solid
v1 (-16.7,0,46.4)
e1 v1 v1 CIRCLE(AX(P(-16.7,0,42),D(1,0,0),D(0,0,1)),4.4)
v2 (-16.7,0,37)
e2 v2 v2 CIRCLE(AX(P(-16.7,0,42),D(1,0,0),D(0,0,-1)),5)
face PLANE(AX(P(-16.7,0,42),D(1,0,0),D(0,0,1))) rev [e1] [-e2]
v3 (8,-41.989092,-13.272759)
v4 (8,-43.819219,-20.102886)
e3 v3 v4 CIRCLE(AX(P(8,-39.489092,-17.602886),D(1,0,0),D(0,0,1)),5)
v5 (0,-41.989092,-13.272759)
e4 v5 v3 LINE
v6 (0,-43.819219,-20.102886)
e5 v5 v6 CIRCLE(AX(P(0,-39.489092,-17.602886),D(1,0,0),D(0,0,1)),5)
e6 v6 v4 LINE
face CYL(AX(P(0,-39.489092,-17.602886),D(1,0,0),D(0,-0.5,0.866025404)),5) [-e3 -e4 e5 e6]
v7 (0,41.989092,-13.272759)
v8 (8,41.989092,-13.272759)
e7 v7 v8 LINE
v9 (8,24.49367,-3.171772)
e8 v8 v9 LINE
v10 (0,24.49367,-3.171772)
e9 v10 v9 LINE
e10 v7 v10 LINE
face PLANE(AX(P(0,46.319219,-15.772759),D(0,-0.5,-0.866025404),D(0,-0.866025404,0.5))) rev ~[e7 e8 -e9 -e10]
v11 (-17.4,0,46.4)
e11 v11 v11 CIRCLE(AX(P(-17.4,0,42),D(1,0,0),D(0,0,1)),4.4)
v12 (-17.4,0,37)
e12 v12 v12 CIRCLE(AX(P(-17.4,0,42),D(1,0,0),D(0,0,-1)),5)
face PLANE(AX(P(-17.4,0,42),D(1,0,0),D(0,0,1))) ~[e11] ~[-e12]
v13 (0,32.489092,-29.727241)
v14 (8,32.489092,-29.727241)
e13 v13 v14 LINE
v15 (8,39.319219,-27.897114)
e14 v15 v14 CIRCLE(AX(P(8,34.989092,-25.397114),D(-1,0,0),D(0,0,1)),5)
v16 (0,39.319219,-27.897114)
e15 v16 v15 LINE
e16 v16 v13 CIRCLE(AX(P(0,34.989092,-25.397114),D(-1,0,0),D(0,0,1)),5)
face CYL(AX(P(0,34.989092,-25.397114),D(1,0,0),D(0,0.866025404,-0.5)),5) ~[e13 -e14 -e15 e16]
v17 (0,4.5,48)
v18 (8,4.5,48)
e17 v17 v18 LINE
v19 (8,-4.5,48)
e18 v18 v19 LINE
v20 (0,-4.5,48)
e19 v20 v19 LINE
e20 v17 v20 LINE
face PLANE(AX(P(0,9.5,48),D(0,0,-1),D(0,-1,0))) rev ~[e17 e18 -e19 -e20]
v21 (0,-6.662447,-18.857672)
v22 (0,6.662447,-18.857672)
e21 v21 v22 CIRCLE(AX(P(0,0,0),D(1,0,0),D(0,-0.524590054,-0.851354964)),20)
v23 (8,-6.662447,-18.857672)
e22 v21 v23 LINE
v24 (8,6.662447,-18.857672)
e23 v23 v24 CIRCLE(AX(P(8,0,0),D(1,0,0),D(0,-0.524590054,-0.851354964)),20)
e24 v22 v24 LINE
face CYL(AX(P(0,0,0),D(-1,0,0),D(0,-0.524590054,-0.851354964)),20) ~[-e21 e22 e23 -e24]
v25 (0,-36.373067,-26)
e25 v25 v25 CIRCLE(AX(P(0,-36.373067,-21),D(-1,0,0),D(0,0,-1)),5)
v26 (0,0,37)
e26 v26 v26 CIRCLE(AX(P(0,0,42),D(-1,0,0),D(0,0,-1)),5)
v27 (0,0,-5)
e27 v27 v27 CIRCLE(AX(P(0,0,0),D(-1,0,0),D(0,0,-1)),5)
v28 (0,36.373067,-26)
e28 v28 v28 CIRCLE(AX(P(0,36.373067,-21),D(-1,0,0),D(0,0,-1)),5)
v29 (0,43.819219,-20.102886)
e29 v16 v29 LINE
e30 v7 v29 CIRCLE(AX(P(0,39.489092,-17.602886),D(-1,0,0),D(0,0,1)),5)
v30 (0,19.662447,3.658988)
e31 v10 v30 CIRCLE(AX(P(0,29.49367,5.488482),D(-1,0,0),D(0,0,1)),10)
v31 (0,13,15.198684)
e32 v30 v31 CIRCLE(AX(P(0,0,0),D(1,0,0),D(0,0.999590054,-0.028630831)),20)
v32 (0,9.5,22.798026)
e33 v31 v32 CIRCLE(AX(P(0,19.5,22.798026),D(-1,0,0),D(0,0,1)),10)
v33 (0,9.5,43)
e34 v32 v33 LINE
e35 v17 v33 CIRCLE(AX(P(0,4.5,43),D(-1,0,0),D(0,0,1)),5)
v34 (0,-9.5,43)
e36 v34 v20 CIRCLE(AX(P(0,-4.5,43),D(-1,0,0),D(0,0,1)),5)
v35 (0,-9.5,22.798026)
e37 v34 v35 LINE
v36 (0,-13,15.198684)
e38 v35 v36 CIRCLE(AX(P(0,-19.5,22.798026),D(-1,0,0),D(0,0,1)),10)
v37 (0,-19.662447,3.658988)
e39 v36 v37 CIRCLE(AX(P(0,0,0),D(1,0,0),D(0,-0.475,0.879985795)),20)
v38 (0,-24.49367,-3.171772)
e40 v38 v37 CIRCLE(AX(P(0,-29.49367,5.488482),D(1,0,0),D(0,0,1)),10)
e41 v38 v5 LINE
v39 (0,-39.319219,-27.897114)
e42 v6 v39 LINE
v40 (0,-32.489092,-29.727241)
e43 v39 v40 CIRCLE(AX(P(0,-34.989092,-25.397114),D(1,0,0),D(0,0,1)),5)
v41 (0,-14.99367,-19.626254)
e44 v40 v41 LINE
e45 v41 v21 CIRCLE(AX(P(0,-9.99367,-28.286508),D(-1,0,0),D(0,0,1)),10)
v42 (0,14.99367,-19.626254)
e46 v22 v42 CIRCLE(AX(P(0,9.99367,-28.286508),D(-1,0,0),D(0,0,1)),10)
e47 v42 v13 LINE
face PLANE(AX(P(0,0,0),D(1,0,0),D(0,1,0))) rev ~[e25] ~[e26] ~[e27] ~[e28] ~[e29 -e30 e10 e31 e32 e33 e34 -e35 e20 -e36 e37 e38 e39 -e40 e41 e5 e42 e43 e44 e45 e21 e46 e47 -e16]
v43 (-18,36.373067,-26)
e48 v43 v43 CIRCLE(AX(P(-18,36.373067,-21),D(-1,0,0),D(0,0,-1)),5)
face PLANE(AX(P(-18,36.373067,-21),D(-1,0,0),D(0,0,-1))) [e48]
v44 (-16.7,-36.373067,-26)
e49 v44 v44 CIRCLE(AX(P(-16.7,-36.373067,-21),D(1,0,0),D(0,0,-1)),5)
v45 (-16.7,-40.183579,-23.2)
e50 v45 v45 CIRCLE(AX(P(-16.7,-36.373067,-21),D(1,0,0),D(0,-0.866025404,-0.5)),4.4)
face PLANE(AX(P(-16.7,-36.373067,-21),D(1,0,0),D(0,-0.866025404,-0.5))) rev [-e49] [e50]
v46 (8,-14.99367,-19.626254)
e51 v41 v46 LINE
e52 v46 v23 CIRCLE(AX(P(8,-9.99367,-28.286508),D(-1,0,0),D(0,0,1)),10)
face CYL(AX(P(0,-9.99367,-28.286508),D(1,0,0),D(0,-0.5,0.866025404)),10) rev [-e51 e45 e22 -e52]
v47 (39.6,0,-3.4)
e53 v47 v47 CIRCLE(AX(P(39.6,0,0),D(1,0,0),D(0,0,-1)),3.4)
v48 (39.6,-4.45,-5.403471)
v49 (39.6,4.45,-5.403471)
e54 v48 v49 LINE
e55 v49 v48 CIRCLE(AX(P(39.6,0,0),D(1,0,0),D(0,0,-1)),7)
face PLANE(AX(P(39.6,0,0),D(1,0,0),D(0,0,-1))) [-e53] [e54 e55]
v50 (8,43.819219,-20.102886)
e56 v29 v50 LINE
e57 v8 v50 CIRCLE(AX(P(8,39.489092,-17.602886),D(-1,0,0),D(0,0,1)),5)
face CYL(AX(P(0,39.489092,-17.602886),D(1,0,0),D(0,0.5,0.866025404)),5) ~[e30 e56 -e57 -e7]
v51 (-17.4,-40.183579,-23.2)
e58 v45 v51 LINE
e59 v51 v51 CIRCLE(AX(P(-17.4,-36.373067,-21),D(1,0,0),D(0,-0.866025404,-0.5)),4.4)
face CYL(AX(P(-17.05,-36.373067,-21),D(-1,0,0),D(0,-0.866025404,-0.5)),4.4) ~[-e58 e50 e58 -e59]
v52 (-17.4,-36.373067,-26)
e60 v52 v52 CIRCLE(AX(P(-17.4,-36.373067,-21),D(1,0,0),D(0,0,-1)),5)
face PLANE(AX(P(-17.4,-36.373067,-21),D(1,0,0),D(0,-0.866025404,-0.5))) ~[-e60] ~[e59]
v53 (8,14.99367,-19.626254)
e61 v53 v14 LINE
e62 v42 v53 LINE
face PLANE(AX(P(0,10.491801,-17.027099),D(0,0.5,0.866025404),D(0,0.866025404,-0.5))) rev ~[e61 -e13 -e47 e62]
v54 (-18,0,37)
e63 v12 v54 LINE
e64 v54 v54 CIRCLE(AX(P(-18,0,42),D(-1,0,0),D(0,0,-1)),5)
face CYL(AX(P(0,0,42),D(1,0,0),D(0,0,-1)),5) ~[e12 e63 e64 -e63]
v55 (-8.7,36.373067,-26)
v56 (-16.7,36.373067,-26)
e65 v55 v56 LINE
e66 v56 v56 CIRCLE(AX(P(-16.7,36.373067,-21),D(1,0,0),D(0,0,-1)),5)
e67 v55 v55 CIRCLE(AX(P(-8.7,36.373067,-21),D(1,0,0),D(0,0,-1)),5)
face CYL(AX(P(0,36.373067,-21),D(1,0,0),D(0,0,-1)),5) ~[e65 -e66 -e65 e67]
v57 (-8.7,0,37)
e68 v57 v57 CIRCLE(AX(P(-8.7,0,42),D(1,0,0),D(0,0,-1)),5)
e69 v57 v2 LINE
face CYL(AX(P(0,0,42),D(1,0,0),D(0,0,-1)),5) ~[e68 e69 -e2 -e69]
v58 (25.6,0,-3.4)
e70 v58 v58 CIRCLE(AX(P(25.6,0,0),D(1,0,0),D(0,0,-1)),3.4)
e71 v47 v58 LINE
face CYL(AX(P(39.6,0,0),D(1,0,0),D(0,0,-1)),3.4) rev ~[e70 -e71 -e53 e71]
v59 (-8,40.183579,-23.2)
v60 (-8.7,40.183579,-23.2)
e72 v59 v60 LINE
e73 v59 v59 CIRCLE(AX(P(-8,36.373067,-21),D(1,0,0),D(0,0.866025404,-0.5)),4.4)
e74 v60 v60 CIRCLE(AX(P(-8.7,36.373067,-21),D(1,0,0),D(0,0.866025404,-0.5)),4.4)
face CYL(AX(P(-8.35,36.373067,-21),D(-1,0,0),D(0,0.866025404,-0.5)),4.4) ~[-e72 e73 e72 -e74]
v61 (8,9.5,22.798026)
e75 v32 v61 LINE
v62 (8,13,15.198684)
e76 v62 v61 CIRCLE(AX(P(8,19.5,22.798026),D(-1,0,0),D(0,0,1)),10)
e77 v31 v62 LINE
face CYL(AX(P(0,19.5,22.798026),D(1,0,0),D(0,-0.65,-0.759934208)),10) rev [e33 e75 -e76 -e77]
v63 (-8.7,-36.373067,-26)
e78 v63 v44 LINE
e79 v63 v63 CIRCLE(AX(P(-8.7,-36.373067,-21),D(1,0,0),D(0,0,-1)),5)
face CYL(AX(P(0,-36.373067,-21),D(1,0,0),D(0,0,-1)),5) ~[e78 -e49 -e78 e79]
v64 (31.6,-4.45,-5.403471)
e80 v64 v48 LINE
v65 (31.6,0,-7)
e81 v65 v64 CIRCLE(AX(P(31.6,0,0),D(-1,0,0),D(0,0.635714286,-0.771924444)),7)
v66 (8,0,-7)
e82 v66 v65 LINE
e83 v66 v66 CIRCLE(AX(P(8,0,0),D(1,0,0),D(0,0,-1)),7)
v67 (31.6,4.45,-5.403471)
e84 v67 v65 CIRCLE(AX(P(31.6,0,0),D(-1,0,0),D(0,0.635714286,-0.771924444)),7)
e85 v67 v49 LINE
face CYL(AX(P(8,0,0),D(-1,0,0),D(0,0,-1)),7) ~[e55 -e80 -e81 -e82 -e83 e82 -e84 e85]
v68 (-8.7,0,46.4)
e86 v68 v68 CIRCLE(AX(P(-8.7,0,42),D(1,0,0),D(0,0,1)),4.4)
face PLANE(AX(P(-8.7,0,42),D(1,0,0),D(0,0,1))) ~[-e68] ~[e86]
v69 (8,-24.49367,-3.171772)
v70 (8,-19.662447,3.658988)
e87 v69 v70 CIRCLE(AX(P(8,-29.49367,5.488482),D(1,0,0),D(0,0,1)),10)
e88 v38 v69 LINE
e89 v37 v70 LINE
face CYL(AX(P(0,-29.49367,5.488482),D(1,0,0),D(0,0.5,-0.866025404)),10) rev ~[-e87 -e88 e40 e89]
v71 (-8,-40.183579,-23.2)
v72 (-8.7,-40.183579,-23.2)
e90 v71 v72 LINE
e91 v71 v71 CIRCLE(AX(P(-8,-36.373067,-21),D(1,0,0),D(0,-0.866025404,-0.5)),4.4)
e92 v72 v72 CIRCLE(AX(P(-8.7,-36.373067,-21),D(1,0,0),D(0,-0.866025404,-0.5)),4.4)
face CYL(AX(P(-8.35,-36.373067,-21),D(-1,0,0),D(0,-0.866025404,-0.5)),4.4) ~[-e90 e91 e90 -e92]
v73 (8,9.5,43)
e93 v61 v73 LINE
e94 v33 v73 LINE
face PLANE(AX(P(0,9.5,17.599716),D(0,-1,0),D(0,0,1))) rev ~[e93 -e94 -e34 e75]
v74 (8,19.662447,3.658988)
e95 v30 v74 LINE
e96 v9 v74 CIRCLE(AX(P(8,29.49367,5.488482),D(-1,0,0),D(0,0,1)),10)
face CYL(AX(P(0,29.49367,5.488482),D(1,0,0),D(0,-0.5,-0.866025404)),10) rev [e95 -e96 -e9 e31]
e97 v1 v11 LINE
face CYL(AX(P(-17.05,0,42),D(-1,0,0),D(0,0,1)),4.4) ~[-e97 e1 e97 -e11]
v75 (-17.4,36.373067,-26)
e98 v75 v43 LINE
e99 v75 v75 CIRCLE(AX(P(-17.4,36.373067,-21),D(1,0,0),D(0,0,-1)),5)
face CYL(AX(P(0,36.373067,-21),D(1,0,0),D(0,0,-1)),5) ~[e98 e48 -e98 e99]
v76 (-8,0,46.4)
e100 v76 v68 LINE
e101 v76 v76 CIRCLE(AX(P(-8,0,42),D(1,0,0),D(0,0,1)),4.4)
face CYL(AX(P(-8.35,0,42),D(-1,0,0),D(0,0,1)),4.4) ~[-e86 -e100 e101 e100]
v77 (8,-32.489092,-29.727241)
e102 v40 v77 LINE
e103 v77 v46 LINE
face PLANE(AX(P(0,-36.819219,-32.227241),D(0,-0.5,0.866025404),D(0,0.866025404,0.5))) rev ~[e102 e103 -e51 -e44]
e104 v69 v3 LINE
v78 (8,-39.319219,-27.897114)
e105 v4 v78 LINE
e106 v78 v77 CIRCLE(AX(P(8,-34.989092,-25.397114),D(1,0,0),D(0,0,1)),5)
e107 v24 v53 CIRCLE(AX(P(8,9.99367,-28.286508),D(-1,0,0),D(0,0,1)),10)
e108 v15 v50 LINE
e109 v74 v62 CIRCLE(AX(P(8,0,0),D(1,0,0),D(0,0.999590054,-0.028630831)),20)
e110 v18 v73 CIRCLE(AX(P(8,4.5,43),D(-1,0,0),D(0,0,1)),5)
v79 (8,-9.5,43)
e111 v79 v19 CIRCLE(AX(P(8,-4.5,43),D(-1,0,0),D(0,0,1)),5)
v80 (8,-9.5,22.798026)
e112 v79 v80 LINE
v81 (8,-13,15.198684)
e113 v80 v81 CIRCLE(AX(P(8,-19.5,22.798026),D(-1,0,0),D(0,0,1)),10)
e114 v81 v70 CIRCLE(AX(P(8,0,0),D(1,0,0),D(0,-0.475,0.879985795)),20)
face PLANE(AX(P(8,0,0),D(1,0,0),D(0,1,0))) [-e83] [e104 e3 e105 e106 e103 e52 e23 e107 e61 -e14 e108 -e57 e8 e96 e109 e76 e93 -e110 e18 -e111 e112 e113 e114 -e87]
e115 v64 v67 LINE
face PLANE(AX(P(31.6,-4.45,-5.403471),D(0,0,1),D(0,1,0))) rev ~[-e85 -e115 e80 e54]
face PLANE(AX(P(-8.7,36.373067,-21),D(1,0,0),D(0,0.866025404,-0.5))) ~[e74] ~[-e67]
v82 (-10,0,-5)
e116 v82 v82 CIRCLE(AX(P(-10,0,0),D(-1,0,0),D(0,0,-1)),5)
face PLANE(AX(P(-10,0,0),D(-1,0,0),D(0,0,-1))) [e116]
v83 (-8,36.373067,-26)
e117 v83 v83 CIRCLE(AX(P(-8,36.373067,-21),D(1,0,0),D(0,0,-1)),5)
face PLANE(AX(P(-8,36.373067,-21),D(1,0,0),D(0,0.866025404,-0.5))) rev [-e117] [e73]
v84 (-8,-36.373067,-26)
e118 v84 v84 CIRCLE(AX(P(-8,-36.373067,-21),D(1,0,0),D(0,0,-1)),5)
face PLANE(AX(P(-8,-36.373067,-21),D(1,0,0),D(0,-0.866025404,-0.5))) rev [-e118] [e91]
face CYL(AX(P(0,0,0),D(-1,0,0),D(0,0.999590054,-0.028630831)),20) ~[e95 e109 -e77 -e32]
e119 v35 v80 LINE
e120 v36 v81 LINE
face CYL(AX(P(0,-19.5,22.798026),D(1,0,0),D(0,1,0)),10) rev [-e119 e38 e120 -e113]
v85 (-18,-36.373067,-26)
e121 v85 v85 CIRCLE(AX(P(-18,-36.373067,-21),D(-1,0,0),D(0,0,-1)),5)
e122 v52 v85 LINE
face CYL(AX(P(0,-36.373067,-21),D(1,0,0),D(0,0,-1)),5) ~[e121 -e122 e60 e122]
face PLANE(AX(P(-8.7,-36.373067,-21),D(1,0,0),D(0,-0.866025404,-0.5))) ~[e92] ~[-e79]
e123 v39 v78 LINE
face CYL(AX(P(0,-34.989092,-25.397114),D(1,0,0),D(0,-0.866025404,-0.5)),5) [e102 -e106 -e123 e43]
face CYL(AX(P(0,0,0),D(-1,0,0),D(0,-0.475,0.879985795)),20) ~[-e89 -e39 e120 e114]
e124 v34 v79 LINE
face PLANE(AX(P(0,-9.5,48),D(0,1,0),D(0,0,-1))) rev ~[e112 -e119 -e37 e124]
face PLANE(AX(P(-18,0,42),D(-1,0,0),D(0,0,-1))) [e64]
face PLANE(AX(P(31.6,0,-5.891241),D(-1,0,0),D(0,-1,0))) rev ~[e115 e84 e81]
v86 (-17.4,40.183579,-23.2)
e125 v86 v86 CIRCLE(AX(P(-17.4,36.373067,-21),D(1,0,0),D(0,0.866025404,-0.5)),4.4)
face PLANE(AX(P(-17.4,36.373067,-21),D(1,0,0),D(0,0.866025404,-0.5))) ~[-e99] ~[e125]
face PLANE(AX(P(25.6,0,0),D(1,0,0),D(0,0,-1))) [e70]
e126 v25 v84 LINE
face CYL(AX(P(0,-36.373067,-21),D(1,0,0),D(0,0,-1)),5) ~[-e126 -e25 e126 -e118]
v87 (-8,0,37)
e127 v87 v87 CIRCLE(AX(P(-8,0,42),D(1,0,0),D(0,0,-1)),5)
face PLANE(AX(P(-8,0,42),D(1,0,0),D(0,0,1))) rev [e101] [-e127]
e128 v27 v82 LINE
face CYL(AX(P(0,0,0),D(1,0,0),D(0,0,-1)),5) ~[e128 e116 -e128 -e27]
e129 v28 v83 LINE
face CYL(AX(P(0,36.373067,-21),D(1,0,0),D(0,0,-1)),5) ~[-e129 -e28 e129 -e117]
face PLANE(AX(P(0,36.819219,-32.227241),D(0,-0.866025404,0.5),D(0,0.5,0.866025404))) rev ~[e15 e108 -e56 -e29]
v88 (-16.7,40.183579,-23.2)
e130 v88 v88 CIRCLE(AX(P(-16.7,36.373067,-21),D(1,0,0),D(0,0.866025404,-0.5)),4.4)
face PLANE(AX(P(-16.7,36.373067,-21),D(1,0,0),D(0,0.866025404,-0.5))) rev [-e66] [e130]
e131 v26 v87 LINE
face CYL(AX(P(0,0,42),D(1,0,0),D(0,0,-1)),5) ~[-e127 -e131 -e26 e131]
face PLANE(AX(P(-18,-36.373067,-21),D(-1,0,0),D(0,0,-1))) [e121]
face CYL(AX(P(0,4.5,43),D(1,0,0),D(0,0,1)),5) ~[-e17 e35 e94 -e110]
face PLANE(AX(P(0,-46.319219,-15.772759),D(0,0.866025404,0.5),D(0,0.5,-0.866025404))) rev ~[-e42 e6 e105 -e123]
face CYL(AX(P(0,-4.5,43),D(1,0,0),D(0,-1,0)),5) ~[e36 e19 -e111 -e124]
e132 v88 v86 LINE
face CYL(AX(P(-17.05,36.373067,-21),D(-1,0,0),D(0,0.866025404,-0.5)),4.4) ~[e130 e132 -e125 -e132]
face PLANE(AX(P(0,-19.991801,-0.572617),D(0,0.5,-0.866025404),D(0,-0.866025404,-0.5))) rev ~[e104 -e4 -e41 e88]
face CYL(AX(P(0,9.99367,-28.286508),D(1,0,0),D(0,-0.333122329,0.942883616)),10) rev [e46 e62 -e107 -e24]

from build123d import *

# Parameters (mm, degrees)
BOSS_EXTRUDE2_DEPTH = 8
FILLET1_R           = 10
FILLET3_R           = 5
FILLET4_R           = 5
SKETCH3_R           = 5
BOSS_EXTRUDE3_DEPTH = 10
SKETCH2_R           = 5
BOSS_EXTRUDE4_DEPTH = 18
SKETCH4_R           = 7
BOSS_EXTRUDE5_DEPTH = 31.6
CUT_EXTRUDE1_START  = -8
CUT_EXTRUDE1_DEPTH  = 8
SKETCH7_W           = 0.7
SKETCH7_H           = 1.2
CIRPATTERN1_COUNT   = 3
SKETCH8_R           = 3.4
CUT_EXTRUDE2_DEPTH  = 14


with BuildPart() as part:
    # Sketch1 → Boss-Extrude2 (new body)
    with BuildSketch(Plane.YZ):
        with BuildLine():
            Line((-19.991801075, -0.572616617), (-46.319219382, -15.772758664))
            Line((-46.319219382, -15.772758664), (-36.819219382, -32.227241336))
            Line((-36.819219382, -32.227241336), (-10.491801075, -17.027099289))
            ThreePointArc((-10.491801075, -17.027099289), (0, -20), (10.491801075, -17.027099289))
            Line((10.491801075, -17.027099289), (36.819219382, -32.227241336))
            Line((36.819219382, -32.227241336), (46.319219382, -15.772758664))
            Line((46.319219382, -15.772758664), (19.991801075, -0.572616617))
            ThreePointArc((19.991801075, -0.572616617), (17.320508076, 10), (9.5, 17.599715907))
            Line((9.5, 17.599715907), (9.5, 48))
            Line((9.5, 48), (-9.5, 48))
            Line((-9.5, 48), (-9.5, 17.599715907))
            ThreePointArc((-9.5, 17.599715907), (-17.320508076, 10), (-19.991801075, -0.572616617))
        make_face()
    extrude(amount=BOSS_EXTRUDE2_DEPTH)

    # Fillet1
    fillet1_edges = [part.edges().sort_by_distance(p)[0] for p in [
        (4, 9.5, 17.599715907),
        (4, 19.991801075, -0.572616617),
        (4, 10.491801075, -17.027099289),
        (4, -10.491801075, -17.027099289),
        (4, -19.991801075, -0.572616617),
        (4, -9.5, 17.599715907),
    ]]
    fillet(fillet1_edges, radius=FILLET1_R)

    # Fillet3
    fillet3_edges = [part.edges().sort_by_distance(p)[0] for p in [
        (4, -9.5, 48),
        (4, 9.5, 48),
    ]]
    fillet(fillet3_edges, radius=FILLET3_R)

    # Fillet4
    fillet4_edges = [part.edges().sort_by_distance(p)[0] for p in [
        (4, 46.319219382, -15.772758664),
        (4, 36.819219382, -32.227241336),
        (4, -36.819219382, -32.227241336),
        (4, -46.319219382, -15.772758664),
    ]]
    fillet(fillet4_edges, radius=FILLET4_R)

    # Sketch3 → Boss-Extrude3 (add)
    with BuildSketch(Plane(origin=(0, 0, 0), x_dir=(0, -1, 0), z_dir=(-1, 0, 0))):
        with Locations(Location((0, 0, 0), (0, 0, 270))):
            Circle(SKETCH3_R)
    extrude(amount=BOSS_EXTRUDE3_DEPTH)

    # Sketch2 → Boss-Extrude4 (add)
    with BuildSketch(Plane(origin=(0, 0, 0), x_dir=(0, -1, 0), z_dir=(-1, 0, 0))):
        with Locations(Location((0, 42, 0), (0, 0, 270))):
            Circle(SKETCH2_R)
        with Locations(Location((-36.373066959, -21, 0), (0, 0, 270))):
            Circle(SKETCH2_R)
        with Locations(Location((36.373066959, -21, 0), (0, 0, 270))):
            Circle(SKETCH2_R)
    extrude(amount=BOSS_EXTRUDE4_DEPTH)

    # Sketch4 → Boss-Extrude5 (add)
    with BuildSketch(Plane.YZ.offset(8)):
        with Locations(Location((0, 0, 0), (0, 0, 270))):
            Circle(SKETCH4_R)
    extrude(amount=BOSS_EXTRUDE5_DEPTH)

    # Sketch5 → Cut-Extrude1 (cut)
    with BuildSketch(Plane.YZ.offset(39.6).offset(CUT_EXTRUDE1_START)):
        with BuildLine():
            Line((-4.45, -5.403471107), (4.45, -5.403471107))
            ThreePointArc((4.45, -5.403471107), (0, -7), (-4.45, -5.403471107))
        make_face()
    extrude(amount=CUT_EXTRUDE1_DEPTH, mode=Mode.SUBTRACT)

    # Sketch7 → Cut-Revolve1 (revolve, cut)
    with BuildSketch(Plane(origin=(0, 0, 0), x_dir=(-1, 0, 0), z_dir=(0, 1, 0))):
        with Locations((8.35, 47)):
            Rectangle(SKETCH7_W, SKETCH7_H)
        with Locations((17.05, 47)):
            Rectangle(SKETCH7_W, SKETCH7_H)
    cut_revolve1 = revolve(axis=Axis((-21.815535784, 0, 42), (1, 0, 0)), mode=Mode.SUBTRACT)

    # CirPattern1: Cut-Revolve1 ×3 about axis
    cirpattern1_axis = Axis((0, 0, 0), (1, 0, 0))
    for i in range(1, CIRPATTERN1_COUNT):
        add(cut_revolve1.rotate(cirpattern1_axis, i * 360 / CIRPATTERN1_COUNT), mode=Mode.SUBTRACT)

    # Sketch8 → Cut-Extrude2 (cut)
    with BuildSketch(Plane.YZ.offset(39.6)):
        with Locations(Location((0, 0, 0), (0, 0, 270))):
            Circle(SKETCH8_R)
    extrude(amount=-CUT_EXTRUDE2_DEPTH, mode=Mode.SUBTRACT)


solid = part.part
